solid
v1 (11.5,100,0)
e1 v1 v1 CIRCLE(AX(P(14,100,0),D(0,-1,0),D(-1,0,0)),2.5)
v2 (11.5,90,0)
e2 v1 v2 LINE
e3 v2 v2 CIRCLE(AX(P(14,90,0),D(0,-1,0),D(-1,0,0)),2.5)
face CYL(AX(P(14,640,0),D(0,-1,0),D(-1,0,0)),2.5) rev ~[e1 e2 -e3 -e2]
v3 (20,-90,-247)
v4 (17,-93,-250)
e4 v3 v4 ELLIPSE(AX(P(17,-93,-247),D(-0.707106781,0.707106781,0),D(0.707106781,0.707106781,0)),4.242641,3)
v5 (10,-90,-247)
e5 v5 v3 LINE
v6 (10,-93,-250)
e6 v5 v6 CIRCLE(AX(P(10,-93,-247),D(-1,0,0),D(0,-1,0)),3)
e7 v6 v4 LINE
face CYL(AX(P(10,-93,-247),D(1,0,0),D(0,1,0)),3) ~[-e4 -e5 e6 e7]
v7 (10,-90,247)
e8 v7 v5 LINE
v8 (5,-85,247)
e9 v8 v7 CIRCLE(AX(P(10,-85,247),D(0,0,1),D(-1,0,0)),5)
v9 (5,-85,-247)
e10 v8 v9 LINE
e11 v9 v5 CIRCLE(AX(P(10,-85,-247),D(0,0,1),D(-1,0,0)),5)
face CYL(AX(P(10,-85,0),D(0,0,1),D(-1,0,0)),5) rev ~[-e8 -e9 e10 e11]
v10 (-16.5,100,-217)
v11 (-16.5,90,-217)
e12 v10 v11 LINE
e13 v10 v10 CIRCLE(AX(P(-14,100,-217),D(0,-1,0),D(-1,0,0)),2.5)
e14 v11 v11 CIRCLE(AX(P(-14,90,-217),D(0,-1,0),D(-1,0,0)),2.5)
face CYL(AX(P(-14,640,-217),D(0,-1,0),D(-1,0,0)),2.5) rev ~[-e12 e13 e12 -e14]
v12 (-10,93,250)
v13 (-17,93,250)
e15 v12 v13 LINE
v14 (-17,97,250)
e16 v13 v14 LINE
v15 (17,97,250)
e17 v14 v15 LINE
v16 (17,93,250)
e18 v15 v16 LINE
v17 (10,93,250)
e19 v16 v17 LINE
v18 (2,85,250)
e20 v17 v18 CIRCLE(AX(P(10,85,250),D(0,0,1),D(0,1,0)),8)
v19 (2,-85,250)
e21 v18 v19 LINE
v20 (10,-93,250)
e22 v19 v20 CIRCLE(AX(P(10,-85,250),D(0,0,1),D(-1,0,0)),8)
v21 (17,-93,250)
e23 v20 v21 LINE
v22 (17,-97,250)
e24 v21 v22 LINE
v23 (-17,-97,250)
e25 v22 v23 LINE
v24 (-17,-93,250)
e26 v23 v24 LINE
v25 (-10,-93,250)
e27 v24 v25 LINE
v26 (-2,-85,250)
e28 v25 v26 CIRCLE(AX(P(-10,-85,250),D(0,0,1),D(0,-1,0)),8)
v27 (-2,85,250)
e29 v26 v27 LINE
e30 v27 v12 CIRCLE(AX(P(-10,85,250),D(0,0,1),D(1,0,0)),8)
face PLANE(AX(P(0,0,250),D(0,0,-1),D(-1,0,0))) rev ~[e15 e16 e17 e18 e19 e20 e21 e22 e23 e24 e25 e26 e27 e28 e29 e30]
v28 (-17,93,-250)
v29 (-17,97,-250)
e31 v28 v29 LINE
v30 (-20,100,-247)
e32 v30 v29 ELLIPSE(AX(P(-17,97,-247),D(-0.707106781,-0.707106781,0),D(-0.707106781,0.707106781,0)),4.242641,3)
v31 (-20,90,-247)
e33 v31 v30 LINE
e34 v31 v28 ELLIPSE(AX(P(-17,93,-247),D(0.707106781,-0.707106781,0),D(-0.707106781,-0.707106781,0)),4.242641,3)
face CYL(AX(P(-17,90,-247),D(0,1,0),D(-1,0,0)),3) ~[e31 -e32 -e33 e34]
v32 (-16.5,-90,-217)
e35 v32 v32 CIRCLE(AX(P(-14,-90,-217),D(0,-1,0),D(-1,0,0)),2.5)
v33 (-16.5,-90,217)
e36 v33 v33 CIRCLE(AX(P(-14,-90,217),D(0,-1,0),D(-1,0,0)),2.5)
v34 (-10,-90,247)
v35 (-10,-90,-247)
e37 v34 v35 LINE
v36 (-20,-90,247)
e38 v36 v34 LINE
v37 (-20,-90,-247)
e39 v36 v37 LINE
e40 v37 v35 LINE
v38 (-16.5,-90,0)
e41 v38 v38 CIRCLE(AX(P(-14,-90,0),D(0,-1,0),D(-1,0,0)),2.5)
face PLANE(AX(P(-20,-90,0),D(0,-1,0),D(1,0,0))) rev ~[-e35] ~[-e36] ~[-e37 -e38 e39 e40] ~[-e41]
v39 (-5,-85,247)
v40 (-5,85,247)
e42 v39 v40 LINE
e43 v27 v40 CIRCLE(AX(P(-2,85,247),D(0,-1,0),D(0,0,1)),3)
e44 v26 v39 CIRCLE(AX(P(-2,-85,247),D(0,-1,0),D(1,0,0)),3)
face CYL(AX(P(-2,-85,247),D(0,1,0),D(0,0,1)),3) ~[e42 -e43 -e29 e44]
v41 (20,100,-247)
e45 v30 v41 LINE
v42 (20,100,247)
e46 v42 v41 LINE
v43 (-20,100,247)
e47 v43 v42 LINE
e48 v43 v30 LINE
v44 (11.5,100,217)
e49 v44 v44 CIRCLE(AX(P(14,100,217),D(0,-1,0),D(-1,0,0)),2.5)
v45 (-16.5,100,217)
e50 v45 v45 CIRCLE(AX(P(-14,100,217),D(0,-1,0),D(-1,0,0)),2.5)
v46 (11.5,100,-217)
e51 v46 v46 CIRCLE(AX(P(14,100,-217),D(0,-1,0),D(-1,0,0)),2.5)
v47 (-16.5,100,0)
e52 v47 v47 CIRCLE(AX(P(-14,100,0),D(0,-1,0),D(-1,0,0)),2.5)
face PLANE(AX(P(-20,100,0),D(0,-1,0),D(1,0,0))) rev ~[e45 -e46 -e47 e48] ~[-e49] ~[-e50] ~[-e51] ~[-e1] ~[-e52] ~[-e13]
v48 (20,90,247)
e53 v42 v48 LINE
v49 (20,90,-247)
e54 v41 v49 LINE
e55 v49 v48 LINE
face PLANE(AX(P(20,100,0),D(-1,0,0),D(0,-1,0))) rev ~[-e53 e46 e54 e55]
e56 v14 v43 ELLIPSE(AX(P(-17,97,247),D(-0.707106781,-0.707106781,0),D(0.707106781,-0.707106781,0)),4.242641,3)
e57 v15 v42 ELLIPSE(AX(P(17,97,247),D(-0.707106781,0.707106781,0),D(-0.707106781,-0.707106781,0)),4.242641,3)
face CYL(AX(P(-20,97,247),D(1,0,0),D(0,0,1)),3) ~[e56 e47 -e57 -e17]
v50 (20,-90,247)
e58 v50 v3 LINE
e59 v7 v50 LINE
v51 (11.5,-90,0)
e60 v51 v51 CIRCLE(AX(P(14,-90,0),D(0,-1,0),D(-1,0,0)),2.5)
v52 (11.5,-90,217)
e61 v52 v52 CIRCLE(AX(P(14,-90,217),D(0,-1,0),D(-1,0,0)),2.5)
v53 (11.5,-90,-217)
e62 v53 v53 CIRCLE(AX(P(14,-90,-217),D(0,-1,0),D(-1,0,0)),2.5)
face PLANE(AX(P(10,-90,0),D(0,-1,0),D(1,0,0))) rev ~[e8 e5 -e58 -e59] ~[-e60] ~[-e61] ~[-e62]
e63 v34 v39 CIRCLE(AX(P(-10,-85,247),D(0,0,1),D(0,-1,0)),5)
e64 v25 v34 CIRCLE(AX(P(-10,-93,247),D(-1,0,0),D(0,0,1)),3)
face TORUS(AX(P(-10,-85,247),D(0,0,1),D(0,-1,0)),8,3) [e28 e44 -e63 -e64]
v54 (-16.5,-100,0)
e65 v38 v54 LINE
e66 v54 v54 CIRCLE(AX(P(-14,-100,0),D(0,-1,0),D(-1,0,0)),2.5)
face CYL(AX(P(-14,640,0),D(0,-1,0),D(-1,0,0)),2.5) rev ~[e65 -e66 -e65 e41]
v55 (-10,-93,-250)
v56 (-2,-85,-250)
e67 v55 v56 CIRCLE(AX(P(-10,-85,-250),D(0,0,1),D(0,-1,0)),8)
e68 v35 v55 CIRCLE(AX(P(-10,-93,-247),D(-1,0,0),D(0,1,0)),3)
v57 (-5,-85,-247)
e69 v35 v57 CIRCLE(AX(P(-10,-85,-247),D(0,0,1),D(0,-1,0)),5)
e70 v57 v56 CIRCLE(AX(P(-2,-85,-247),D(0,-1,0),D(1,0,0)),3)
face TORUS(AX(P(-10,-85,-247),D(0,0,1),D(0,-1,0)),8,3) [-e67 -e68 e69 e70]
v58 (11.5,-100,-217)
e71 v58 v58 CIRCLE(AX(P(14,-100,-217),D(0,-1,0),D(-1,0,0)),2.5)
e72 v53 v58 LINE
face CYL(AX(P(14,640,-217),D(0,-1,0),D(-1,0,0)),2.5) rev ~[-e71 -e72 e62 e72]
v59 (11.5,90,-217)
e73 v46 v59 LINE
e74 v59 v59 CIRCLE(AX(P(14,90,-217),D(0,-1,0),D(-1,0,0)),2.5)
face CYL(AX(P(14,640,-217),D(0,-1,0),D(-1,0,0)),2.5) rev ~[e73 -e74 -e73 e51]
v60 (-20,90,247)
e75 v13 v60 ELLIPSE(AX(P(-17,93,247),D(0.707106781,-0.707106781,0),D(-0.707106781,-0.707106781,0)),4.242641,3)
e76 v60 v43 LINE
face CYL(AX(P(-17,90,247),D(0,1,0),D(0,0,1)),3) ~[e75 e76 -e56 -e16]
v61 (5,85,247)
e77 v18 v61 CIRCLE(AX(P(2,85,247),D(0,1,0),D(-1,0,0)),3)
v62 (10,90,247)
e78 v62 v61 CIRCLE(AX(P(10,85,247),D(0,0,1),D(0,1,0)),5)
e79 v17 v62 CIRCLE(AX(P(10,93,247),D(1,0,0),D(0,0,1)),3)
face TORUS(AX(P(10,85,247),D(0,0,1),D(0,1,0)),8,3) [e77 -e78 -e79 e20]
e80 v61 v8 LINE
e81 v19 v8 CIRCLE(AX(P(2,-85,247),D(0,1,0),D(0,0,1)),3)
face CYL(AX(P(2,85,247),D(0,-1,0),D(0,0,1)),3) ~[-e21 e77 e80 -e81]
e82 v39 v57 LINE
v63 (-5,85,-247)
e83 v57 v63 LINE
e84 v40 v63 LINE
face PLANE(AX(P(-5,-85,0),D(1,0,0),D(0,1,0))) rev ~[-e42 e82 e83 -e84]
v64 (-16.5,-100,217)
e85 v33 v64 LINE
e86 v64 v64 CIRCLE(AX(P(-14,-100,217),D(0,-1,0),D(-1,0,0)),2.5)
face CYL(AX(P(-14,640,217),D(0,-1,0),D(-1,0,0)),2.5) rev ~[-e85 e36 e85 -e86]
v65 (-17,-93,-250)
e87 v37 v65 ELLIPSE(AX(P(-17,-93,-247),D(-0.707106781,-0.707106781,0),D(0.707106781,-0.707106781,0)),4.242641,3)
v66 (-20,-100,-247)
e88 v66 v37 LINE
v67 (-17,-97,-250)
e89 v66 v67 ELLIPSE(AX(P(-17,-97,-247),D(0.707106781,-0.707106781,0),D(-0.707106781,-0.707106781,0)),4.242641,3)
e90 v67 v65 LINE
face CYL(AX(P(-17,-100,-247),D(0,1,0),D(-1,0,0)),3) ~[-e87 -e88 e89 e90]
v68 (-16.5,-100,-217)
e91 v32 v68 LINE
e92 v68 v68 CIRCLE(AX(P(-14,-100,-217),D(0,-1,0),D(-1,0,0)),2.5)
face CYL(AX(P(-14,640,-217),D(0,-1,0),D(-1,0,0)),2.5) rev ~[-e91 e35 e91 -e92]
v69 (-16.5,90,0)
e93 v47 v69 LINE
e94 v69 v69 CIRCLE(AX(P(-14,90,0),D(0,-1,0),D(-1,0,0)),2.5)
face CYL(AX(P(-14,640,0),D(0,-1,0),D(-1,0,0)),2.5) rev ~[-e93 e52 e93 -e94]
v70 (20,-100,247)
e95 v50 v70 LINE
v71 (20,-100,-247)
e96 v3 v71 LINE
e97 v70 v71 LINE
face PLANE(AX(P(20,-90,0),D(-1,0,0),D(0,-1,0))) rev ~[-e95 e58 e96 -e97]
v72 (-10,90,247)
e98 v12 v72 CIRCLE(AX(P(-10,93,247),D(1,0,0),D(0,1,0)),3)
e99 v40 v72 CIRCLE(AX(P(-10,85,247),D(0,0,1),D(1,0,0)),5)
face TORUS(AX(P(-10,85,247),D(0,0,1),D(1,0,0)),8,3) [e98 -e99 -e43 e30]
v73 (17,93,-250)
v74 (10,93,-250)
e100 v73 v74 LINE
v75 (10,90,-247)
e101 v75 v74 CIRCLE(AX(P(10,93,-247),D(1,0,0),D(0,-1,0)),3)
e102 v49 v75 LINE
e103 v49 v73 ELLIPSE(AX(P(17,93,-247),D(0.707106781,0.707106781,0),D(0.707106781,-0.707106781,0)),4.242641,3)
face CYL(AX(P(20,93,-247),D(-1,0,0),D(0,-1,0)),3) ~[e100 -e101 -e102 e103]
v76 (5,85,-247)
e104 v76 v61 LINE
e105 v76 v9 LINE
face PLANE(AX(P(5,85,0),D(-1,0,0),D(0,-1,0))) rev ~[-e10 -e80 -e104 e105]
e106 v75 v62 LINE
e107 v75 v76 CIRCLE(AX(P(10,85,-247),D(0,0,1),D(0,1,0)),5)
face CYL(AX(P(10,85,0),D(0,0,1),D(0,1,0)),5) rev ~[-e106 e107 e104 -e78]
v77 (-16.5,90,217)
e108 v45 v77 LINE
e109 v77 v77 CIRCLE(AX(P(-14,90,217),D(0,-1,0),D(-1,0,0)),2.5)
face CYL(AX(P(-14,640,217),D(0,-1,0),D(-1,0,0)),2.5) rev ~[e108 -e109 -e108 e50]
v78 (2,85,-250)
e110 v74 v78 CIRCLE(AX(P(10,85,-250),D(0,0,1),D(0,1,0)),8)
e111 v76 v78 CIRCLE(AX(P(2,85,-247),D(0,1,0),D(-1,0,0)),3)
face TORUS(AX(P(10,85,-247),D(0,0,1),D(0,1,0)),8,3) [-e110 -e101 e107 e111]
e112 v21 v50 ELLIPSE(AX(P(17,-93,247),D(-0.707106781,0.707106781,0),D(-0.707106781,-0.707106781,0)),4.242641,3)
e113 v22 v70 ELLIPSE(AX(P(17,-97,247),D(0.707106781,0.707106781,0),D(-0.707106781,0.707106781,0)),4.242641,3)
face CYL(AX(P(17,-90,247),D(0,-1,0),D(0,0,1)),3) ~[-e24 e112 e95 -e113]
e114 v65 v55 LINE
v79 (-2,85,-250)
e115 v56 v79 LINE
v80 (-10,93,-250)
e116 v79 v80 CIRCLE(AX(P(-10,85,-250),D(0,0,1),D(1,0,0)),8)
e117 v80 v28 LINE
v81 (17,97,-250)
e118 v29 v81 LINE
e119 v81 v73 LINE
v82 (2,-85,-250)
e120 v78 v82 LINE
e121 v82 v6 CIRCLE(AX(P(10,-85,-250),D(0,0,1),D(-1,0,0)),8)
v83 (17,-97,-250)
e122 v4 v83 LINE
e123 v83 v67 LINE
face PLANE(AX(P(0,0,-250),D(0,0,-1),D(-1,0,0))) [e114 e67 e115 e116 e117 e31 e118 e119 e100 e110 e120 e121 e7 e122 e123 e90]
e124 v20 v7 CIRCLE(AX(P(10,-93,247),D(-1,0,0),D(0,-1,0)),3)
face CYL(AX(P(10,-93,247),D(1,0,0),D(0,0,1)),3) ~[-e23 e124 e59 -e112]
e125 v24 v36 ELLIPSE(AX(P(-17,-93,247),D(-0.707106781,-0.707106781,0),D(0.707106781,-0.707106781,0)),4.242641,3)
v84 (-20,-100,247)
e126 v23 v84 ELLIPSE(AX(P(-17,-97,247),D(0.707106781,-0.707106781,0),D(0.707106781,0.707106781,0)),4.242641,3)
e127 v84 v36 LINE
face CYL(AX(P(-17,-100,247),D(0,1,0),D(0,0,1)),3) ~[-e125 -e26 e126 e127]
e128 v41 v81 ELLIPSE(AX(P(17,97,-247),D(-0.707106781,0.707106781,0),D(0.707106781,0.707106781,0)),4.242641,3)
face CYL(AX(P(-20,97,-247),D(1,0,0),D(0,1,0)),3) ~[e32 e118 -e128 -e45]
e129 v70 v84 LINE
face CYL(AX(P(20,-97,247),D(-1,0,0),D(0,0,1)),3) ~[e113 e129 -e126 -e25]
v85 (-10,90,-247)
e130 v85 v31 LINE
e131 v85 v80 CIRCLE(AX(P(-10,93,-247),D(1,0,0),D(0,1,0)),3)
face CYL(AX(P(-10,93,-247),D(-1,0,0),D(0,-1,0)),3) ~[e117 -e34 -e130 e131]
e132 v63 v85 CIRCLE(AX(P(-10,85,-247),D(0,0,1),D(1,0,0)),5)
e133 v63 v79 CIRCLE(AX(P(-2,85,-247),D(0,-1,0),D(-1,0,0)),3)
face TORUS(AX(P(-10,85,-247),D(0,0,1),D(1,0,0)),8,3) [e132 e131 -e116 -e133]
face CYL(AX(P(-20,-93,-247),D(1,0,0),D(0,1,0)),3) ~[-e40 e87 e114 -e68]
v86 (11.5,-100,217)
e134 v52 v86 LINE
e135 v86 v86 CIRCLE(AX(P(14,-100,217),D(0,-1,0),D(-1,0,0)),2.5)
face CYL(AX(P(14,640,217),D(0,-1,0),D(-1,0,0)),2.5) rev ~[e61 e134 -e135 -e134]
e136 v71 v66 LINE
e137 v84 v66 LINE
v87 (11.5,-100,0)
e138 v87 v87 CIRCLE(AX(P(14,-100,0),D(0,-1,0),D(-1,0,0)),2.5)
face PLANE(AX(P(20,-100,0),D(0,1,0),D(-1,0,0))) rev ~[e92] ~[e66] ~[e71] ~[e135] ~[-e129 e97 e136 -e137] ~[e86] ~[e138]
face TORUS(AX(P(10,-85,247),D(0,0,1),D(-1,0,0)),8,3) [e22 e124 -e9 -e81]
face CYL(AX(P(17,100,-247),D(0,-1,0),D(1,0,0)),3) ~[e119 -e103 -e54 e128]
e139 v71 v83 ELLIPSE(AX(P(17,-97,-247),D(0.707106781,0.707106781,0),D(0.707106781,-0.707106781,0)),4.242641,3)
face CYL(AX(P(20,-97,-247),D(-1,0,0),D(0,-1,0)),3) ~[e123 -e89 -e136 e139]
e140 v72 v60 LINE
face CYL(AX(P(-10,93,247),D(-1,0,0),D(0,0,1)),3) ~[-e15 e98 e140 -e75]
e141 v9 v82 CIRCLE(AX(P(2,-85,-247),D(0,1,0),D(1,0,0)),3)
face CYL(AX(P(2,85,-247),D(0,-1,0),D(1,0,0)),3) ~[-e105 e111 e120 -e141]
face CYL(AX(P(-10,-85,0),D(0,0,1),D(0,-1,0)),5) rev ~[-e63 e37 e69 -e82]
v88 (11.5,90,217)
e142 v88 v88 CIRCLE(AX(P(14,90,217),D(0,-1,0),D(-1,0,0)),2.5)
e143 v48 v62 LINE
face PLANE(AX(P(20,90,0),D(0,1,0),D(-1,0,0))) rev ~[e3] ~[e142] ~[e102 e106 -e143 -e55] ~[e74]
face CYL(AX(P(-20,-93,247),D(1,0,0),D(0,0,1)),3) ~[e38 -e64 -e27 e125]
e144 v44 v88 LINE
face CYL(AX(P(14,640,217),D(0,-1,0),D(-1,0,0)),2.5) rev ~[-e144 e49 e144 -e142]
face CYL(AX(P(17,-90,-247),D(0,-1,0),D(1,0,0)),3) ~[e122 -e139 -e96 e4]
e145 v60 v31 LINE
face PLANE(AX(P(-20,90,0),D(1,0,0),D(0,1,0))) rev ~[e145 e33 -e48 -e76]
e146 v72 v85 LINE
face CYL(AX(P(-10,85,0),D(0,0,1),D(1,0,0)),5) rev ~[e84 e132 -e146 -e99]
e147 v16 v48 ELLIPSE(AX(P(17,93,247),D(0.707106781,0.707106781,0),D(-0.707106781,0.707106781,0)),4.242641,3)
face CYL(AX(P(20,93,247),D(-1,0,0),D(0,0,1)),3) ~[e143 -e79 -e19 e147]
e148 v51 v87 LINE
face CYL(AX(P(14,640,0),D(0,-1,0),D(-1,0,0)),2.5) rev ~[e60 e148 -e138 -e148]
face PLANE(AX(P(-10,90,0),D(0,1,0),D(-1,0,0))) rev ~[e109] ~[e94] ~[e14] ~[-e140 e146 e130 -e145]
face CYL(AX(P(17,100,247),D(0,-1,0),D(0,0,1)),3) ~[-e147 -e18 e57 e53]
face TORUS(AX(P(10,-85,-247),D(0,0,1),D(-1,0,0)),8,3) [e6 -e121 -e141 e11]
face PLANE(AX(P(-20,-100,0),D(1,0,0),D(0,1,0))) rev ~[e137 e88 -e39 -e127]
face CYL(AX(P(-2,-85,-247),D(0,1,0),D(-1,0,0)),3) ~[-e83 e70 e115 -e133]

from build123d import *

# Parameters (mm, degrees)
BOSS_EXTRUDE1_DEPTH   = 250
FILLET1_R             = 3
F_5_0MM_DOWEL_HOLE1_D = 5


with BuildPart() as part:
    # Sketch2 → Boss-Extrude1 (new, symmetric)
    with BuildSketch(Plane.XY):
        with BuildLine():
            Line((5, 85), (5, -85))
            ThreePointArc((5, -85), (6.464466094, -88.535533906), (10, -90))
            Line((10, -90), (20, -90))
            Line((20, -90), (20, -100))
            Line((20, -100), (-20, -100))
            Line((-20, -100), (-20, -90))
            Line((-20, -90), (-10, -90))
            ThreePointArc((-10, -90), (-6.464466094, -88.535533906), (-5, -85))
            Line((-5, -85), (-5, 85))
            ThreePointArc((-5, 85), (-6.464466094, 88.535533906), (-10, 90))
            Line((-10, 90), (-20, 90))
            Line((-20, 90), (-20, 100))
            Line((-20, 100), (20, 100))
            Line((20, 100), (20, 90))
            Line((20, 90), (10, 90))
            ThreePointArc((10, 90), (6.464466094, 88.535533906), (5, 85))
        make_face()
    extrude(amount=BOSS_EXTRUDE1_DEPTH, both=True)

    # Fillet1
    fillet1_edges = [part.edges().sort_by_distance(p)[0] for p in [
        (-5, 0, 250),
        (-6.464466094, -88.535533906, 250),
        (-15, 90, -250),
        (-20, 95, -250),
        (0, 100, -250),
        (20, 95, -250),
        (15, 90, -250),
        (6.464466094, 88.535533906, -250),
        (-15, -90, 250),
        (5, 0, -250),
        (6.464466094, -88.535533906, -250),
        (15, -90, -250),
        (20, -95, -250),
        (0, -100, -250),
        (-20, -95, -250),
        (-15, -90, -250),
        (-6.464466094, -88.535533906, -250),
        (-5, 0, -250),
        (-6.464466094, 88.535533906, -250),
        (-20, -95, 250),
        (0, -100, 250),
        (20, -95, 250),
        (15, -90, 250),
        (6.464466094, -88.535533906, 250),
        (5, 0, 250),
        (6.464466094, 88.535533906, 250),
        (-6.464466094, 88.535533906, 250),
        (15, 90, 250),
        (20, 95, 250),
        (0, 100, 250),
        (-20, 95, 250),
        (-15, 90, 250),
    ]]
    fillet(fillet1_edges, radius=FILLET1_R)

    # Ø5.0mm Dowel Hole1 (through all)
    with Locations(Plane(origin=(0, 100, 0), x_dir=(1, 0, 0), z_dir=(0, 1, 0))):
        with Locations((14, 217), (-14, 217), (-14, -217), (14, -217), (-14, 0), (14, 0)):
            Hole(F_5_0MM_DOWEL_HOLE1_D / 2)


solid = part.part
